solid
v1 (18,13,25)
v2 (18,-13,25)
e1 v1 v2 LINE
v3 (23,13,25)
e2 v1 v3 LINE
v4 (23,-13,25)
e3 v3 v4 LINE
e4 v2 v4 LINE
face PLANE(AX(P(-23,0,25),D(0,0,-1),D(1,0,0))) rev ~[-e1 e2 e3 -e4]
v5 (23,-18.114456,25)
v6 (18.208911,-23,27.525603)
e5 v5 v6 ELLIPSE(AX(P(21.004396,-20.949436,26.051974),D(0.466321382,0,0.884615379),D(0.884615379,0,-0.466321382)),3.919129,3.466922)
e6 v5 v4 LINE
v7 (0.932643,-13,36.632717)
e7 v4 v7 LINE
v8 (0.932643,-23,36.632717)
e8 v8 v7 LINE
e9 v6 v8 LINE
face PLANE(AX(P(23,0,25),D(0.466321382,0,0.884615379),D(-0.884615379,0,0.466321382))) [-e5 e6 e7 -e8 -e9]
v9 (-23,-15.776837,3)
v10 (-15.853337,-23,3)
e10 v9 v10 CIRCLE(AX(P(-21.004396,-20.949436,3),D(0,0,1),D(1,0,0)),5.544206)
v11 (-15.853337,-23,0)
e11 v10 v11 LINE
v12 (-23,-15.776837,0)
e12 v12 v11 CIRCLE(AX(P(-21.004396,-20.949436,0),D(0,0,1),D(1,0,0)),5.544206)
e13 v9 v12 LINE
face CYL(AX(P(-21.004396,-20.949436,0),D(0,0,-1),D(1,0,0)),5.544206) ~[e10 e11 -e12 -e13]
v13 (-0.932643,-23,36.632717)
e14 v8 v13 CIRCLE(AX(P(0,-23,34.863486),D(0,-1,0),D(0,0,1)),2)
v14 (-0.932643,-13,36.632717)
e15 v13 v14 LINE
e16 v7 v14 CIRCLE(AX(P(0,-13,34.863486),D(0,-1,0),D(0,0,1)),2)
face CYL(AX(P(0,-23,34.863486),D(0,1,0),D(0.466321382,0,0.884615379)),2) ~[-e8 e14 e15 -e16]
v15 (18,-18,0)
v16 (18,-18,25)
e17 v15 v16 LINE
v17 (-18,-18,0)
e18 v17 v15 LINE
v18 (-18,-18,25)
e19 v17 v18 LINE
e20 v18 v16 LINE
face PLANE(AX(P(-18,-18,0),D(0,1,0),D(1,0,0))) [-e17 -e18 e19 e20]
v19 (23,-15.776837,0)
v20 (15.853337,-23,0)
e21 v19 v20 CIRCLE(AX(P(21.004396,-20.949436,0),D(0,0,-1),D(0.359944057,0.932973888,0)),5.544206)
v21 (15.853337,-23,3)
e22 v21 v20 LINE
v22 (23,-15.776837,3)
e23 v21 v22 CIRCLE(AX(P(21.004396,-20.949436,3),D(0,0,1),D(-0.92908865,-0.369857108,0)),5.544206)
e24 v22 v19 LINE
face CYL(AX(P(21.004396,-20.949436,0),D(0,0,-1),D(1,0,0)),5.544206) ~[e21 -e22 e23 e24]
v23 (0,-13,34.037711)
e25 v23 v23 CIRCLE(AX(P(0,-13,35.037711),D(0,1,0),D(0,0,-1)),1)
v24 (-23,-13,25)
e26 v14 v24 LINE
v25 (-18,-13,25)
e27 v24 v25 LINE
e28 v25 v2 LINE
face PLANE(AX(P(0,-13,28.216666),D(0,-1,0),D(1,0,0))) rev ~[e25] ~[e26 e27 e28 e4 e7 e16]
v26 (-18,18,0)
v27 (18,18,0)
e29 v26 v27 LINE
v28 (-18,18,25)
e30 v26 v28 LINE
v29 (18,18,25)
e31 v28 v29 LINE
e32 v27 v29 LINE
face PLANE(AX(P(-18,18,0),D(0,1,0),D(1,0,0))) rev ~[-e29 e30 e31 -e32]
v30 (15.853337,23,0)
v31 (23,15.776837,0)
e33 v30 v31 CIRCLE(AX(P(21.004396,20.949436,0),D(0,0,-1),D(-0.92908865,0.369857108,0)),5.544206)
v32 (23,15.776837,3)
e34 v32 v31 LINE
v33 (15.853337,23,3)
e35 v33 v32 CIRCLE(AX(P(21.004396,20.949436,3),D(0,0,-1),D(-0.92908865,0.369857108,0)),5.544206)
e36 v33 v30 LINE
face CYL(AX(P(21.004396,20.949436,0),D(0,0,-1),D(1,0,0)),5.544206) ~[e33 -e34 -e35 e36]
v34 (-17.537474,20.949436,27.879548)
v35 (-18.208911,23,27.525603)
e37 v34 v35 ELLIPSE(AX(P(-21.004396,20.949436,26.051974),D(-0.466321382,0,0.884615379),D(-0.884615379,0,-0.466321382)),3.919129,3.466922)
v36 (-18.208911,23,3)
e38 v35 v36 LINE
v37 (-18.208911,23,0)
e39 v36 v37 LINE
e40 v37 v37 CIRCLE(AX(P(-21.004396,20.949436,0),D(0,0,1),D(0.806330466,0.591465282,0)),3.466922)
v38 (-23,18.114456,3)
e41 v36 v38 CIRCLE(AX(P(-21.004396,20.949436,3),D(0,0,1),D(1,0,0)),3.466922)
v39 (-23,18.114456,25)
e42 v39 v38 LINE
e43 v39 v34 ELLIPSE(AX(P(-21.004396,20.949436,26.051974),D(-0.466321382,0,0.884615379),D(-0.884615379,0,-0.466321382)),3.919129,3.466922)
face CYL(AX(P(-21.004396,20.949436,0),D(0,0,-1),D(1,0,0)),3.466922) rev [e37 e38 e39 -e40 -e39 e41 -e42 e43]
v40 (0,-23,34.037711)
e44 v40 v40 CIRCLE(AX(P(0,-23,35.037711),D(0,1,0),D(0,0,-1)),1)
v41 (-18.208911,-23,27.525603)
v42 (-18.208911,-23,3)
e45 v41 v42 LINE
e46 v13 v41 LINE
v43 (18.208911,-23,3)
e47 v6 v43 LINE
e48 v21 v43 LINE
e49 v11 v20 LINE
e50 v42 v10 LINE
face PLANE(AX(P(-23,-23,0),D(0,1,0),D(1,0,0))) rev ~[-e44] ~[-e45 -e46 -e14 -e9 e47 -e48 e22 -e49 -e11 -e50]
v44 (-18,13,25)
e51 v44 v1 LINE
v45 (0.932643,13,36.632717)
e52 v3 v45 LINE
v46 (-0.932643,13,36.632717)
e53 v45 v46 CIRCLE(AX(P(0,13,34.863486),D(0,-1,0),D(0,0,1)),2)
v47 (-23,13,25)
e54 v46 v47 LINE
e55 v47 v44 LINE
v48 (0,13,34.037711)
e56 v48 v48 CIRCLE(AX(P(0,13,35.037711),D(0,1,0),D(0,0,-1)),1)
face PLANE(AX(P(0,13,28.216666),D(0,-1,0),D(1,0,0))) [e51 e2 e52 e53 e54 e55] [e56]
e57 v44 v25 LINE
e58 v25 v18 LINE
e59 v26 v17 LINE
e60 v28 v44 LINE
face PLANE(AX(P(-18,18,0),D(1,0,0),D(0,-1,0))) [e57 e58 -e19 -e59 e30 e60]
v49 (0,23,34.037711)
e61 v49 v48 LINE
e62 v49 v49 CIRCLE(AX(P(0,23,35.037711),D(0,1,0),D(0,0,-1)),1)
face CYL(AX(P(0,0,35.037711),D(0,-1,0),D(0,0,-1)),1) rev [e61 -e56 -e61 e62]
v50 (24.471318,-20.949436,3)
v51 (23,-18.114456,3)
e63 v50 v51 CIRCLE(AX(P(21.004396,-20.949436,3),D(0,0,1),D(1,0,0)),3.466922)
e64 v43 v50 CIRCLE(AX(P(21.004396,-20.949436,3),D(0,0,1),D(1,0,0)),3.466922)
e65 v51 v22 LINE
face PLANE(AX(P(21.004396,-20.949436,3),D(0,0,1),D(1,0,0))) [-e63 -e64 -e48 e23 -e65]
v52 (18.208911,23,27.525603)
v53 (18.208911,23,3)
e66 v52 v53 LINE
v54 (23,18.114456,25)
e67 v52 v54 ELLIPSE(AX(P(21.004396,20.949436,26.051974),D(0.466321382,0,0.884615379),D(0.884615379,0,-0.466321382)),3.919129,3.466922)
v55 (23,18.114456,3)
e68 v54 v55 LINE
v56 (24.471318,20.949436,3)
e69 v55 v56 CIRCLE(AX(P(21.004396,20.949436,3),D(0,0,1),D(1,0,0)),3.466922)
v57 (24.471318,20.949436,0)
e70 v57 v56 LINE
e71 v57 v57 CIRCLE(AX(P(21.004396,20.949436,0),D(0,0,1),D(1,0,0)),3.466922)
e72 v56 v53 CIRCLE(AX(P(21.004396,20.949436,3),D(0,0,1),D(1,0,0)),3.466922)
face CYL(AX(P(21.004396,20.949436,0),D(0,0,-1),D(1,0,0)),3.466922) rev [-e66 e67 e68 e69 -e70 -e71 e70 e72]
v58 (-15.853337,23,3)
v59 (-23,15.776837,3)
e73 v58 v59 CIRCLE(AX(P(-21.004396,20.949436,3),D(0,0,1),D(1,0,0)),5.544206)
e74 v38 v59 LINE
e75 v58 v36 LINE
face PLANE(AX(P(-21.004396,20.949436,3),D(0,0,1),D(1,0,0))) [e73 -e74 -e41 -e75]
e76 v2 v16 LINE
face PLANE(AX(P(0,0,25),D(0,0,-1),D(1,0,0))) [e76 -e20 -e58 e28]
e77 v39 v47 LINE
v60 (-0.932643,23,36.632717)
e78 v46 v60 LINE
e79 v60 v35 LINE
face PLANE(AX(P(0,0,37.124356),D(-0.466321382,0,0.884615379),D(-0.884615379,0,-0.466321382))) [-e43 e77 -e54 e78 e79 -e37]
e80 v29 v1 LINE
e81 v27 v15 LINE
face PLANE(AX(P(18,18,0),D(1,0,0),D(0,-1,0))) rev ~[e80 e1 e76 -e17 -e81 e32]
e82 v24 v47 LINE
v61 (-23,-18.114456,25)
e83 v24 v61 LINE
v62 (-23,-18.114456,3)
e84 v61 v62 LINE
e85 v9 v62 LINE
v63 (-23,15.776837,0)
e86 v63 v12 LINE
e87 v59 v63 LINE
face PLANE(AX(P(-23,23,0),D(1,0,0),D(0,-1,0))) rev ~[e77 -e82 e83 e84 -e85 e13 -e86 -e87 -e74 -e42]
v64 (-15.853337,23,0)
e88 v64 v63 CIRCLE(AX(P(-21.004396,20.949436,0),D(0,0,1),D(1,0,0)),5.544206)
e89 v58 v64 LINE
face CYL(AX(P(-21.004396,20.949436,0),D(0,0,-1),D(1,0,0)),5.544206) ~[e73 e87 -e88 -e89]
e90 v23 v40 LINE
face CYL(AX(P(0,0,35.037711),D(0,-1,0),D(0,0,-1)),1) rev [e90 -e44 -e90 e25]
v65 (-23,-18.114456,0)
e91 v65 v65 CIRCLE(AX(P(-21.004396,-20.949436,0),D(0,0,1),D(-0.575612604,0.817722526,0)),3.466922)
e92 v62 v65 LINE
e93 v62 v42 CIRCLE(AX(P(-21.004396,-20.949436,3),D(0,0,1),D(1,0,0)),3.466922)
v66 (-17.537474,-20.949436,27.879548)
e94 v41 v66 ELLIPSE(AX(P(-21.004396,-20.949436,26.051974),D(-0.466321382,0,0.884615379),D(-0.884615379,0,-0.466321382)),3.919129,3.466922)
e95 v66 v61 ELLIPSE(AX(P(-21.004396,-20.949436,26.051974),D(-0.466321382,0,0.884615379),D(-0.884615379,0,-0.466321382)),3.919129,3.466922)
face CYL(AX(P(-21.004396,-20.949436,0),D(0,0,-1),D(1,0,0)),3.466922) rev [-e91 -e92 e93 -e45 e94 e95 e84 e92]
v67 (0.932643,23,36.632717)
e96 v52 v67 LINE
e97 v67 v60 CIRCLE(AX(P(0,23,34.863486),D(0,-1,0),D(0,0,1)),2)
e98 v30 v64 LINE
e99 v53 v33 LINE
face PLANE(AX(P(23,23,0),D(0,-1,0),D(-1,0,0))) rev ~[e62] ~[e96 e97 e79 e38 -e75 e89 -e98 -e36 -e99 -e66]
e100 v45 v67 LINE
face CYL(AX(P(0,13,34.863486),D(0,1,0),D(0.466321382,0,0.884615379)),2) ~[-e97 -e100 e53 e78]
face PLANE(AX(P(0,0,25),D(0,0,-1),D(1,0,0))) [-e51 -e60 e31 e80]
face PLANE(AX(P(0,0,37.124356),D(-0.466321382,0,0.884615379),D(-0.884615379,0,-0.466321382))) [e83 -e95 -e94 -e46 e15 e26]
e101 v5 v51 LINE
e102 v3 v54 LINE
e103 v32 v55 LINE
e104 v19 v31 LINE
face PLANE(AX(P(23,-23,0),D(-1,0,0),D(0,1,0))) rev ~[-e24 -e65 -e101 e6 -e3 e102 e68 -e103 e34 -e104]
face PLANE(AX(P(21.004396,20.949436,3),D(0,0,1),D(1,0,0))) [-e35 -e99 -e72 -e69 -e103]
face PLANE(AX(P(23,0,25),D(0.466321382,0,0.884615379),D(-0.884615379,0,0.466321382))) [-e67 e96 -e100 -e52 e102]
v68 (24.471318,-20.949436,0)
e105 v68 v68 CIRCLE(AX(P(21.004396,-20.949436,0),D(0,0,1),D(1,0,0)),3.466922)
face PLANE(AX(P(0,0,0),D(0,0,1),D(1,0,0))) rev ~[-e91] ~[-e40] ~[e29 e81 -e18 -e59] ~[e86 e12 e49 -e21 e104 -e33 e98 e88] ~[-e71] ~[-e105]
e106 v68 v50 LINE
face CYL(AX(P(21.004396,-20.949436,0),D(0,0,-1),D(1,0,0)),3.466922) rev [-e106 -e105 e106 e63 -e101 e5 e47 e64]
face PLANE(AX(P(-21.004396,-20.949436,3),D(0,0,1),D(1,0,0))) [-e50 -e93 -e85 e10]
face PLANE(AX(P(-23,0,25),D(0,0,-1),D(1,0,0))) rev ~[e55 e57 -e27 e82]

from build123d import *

# Parameters (mm, degrees)
F0_R      = 1.65
F1_DEPTH  = 25
F4_DEPTH  = 23
F7_DEPTH  = 13
F5_R      = 3.466922
F8_DEPTH  = 36
F6_R      = 5.544206
F6_R_2    = 3.466922
F9_DEPTH  = 3
F2_W      = 36
F2_H      = 36
F10_DEPTH = 25
F11_R     = 2


with BuildPart() as f1:
    # F0 (on Top) → F1 (new body)
    with BuildSketch(Plane.XY):
        Polygon((23, 23), (0, 23), (-23, 23), (-23, 0), (-23, -23), (0, -23), (23, -23), (23, 0), align=None)
        with Locations((-20.221745, -20.221745)):
            Circle(F0_R, mode=Mode.SUBTRACT)
        with Locations((20.221745, -20.221745)):
            Circle(F0_R, mode=Mode.SUBTRACT)
        with Locations((-20.221745, 20.221745)):
            Circle(F0_R, mode=Mode.SUBTRACT)
        with Locations((20.221745, 20.221745)):
            Circle(F0_R, mode=Mode.SUBTRACT)
    extrude(amount=F1_DEPTH)

    # F3 (on Front) → F4 (join, symmetric)
    with BuildSketch(Plane.XZ):
        Polygon((-23, 25), (0, 25), (23, 25), (0, 37.124356), align=None)
        with BuildLine():
            ThreePointArc((0, 36.037711), (1, 35.037711), (0, 34.037711))
            ThreePointArc((0, 34.037711), (-1, 35.037711), (0, 36.037711))
        make_face(mode=Mode.SUBTRACT)
    extrude(amount=F4_DEPTH, both=True)

    # F3 (on Front) → F7 (cut, symmetric)
    with BuildSketch(Plane.XZ):
        Polygon((-23, 25), (0, 25), (23, 25), (0, 37.124356), align=None)
        with BuildLine():
            ThreePointArc((0, 36.037711), (1, 35.037711), (0, 34.037711))
            ThreePointArc((0, 34.037711), (-1, 35.037711), (0, 36.037711))
        make_face(mode=Mode.SUBTRACT)
    extrude(amount=F7_DEPTH, both=True, mode=Mode.SUBTRACT)

    # F5 (on Top) → F8 (cut)
    with BuildSketch(Plane.XY):
        with Locations((-21.004396, 20.949436)):
            Circle(F5_R)
        with Locations((21.004396, 20.949436)):
            Circle(F5_R)
        with Locations((21.004396, -20.949436)):
            Circle(F5_R)
        with Locations((-21.004396, -20.949436)):
            Circle(F5_R)
    extrude(amount=F8_DEPTH, mode=Mode.SUBTRACT)

    # F6 (on Top) → F9 (join)
    with BuildSketch(Plane.XY):
        with Locations((-21.004396, 20.949436)):
            Circle(F6_R)
        with Locations((-21.004396, 20.949436)):
            Circle(F6_R_2, mode=Mode.SUBTRACT)
        with Locations((21.004396, 20.949436)):
            Circle(F6_R)
        with Locations((21.004396, 20.949436)):
            Circle(F6_R_2, mode=Mode.SUBTRACT)
        with Locations((21.004396, -20.949436)):
            Circle(F6_R)
        with Locations((21.004396, -20.949436)):
            Circle(F6_R_2, mode=Mode.SUBTRACT)
        with Locations((-21.004396, -20.949436)):
            Circle(F6_R)
        with Locations((-21.004396, -20.949436)):
            Circle(F6_R_2, mode=Mode.SUBTRACT)
    extrude(amount=F9_DEPTH)

    # F2 (on face) → F10 (cut)
    with BuildSketch(Plane(origin=(0, 0, 0), x_dir=(1, 0, 0), z_dir=(0, 0, -1))):
        Rectangle(F2_W, F2_H)
    extrude(amount=-F10_DEPTH, mode=Mode.SUBTRACT)

    # F11
    f11_edges = [f1.edges().sort_by_distance(p)[0] for p in [
        (0, 18, 37.124356),
        (0, -18, 37.124356),
    ]]
    fillet(f11_edges, radius=F11_R)


solid = f1.part
